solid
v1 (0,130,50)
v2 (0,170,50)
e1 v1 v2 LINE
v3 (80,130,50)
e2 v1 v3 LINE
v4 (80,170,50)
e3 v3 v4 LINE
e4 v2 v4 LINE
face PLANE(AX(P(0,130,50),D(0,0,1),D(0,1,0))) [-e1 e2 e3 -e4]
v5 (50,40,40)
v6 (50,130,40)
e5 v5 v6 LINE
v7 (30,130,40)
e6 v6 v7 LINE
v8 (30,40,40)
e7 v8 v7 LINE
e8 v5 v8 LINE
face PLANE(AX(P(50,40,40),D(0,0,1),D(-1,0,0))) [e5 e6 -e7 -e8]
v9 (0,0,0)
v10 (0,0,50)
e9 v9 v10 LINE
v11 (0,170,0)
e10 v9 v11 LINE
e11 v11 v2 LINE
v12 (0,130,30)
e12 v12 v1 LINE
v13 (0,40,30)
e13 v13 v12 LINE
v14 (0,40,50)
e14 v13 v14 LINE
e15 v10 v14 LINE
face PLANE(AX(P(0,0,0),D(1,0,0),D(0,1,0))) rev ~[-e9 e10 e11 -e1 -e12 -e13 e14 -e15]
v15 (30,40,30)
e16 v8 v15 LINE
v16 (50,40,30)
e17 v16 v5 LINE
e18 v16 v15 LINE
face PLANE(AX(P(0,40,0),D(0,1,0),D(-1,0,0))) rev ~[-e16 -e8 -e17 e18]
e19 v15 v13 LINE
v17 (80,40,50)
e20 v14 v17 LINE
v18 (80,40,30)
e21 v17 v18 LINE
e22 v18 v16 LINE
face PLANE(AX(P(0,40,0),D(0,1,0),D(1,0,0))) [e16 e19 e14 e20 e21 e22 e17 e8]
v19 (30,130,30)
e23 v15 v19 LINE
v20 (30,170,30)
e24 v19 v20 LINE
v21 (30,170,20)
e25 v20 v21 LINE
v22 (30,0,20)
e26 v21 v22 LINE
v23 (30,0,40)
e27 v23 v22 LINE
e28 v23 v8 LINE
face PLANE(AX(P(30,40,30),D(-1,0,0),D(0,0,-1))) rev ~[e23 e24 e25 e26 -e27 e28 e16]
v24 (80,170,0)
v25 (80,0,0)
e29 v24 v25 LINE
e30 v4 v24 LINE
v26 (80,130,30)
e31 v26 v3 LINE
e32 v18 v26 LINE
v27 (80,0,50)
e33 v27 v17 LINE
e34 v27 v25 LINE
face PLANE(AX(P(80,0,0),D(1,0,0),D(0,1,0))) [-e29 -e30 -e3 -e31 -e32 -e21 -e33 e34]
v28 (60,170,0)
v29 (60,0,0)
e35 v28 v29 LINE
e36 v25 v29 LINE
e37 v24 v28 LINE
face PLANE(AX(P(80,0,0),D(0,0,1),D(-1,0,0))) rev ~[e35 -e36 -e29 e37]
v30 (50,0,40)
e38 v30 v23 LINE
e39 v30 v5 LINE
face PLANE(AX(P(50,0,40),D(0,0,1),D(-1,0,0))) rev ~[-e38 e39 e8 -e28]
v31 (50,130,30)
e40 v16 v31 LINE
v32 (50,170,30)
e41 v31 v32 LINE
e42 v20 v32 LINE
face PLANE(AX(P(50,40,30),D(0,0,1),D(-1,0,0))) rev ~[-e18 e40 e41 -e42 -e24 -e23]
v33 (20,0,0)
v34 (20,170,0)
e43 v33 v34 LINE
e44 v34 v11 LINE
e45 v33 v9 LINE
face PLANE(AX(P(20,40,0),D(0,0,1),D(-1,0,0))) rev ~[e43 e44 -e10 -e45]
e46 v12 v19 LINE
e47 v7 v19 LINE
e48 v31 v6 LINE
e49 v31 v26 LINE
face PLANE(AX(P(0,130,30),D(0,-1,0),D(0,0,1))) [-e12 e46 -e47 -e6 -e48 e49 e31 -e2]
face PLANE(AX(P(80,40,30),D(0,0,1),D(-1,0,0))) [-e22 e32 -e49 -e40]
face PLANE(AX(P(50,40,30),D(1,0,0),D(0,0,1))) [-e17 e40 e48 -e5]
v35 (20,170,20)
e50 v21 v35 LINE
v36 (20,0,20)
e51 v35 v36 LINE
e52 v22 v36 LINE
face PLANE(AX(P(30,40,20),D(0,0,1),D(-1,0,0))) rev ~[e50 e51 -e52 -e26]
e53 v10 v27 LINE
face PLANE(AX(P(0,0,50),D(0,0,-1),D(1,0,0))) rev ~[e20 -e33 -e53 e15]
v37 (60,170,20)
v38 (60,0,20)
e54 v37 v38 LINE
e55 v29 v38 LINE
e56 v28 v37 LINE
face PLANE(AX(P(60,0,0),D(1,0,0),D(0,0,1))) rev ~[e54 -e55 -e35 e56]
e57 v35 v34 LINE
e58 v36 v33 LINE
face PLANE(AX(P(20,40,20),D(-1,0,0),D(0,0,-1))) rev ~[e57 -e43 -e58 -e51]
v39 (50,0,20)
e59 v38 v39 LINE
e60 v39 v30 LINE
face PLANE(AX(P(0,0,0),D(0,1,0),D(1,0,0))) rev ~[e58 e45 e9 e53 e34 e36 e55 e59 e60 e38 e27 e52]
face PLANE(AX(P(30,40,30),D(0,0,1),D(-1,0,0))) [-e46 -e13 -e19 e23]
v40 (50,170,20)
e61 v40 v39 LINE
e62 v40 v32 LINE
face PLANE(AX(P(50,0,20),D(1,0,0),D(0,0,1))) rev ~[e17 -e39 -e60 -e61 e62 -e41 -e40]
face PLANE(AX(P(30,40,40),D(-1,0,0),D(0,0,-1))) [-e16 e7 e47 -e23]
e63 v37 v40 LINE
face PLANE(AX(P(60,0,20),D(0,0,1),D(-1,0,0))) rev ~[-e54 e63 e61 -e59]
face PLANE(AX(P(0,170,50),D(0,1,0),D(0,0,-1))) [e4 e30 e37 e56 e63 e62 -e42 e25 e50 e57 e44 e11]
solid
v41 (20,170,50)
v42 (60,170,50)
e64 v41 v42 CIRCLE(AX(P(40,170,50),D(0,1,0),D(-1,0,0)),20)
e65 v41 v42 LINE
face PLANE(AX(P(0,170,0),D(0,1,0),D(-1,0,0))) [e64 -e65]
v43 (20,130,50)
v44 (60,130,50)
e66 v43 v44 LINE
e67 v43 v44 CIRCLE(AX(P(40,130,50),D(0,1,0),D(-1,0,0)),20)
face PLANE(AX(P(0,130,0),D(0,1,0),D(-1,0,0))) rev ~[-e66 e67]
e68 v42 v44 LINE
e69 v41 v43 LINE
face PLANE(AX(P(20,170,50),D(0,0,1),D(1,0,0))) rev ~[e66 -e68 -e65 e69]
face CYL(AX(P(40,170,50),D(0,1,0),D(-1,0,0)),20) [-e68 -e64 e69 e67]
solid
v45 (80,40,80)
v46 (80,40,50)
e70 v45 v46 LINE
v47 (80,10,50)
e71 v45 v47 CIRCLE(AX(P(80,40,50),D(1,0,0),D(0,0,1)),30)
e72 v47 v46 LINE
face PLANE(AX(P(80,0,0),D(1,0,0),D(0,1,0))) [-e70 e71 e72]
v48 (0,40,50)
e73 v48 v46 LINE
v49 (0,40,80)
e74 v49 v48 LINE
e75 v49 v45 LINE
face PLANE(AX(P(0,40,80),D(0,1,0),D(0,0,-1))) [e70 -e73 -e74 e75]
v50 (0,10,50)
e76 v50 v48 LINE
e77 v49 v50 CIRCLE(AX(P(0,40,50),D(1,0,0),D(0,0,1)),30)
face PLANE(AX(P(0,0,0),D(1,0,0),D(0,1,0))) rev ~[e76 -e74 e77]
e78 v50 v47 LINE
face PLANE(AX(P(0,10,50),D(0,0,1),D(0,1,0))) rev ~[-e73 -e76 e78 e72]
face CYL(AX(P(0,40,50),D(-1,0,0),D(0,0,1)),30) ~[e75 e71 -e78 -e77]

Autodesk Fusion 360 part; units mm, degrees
sketch "Sketch1" plane through (0, 0, 0) normal (0, 1, 0) x (1, 0, 0)
  line L0 (0, 0) -> (0, -50)
  line L1 (0, -50) -> (80, -50)
  line L2 (80, -50) -> (80, 0)
  line L3 (80, 0) -> (60, 0)
  line L4 (60, 0) -> (60, -20)
  line L5 (60, -20) -> (50, -20)
  line L6 (50, -20) -> (50, -40)
  line L7 (50, -40) -> (30, -40)
  line L8 (30, -40) -> (30, -20)
  line L9 (30, -20) -> (20, -20)
  line L10 (20, -20) -> (20, 0)
  line L11 (20, 0) -> (0, 0)
  dimension "d1" = 50
sketch "Sketch2" plane through (0, 0, 0) normal (0, 0, 1) x (1, 0, 0)
  line L0 (0, 0) -> (0, 170)
  line L1 (0, 170) -> (20, 170)
  line L2 (20, 170) -> (20, 0)
  line L3 (80, 0) -> (80, 170)
  line L4 (80, 170) -> (60, 170)
  line L5 (60, 170) -> (60, 0)
  dimension "d3" = 170
sketch "Sketch3" plane through (0, 0, 0) normal (1, 0, 0) x (0, 1, 0)
  line L0 (0, 50) -> (10, 50)
  arc A0 (40, 80) -> (10, 50) centre (40, 50) ccw
  line L1 (40, 80) -> (40, 30)
  line L2 (40, 30) -> (130, 30)
  line L3 (130, 30) -> (130, 50)
  line L4 (130, 50) -> (170, 50)
  line L5 (170, 50) -> (170, 0)
  line L6 (130, 30) -> (170, 30)
  line L7 (10, 50) -> (40, 50)
extrude "Extrude1" add sketch "Sketch1" along normal blind 40 makes body 1
sketch "Sketch5" plane through (0, 40, 0) normal (0, 1, 0) x (-1, 0, 0)
  line L0 (-20, 0) -> (0, 0)
  line L1 (0, 0) -> (0, 50)
  line L2 (0, 50) -> (-80, 50)
  line L3 (-80, 50) -> (-80, 0)
  line L4 (-80, 0) -> (-60, 0)
  line L5 (-60, 0) -> (-60, 20)
  line L6 (-60, 20) -> (-50, 20)
  line L7 (-50, 20) -> (-50, 40)
  line L8 (-50, 40) -> (-30, 40)
  line L9 (-30, 40) -> (-30, 20)
  line L10 (-30, 20) -> (-20, 20)
  line L11 (-20, 20) -> (-20, 0)
  line L12 (-80, 0) -> (-80, 30)
  line L13 (-80, 30) -> (-50, 30)
  line L14 (-50, 20) -> (-60, 20)
  line L15 (-60, 0) -> (-80, 0)
  line L16 (-20, 0) -> (-20, 20)
  line L17 (-30, 20) -> (-30, 30)
  line L18 (0, 30) -> (0, 0)
  line L19 (-30, 30) -> (0, 30)
  line L20 (0, 0) -> (-20, 0)
  line L21 (-50, 30) -> (-50, 40)
  line L22 (-30, 40) -> (-30, 30)
  line L23 (-50, 30) -> (-30, 30)
extrude "Extrude2" add sketch "Sketch5" along normal blind 130 contours L3 L4 L5 L6 L7 L12 L13 L14 L15 bodies 1
extrude "Extrude3" add sketch "Sketch5" along normal blind 130 contours L0 L1 L9 L10 L11 L16 L17 L18 L19 L20 bodies 1
extrude "Extrude4" add sketch "Sketch5" along normal blind 90 separate body contours L7 L8 L9 L21 L22 L23 makes body 2
extrude "Extrude5" add sketch "Sketch3" along normal blind 80 contours L3 L4 L5 L6 bodies 1 2
extrude "Extrude6" add sketch "Sketch3" along normal blind 80 separate body contours A0 L1 L7 makes body 3
sketch "Sketch6" plane through (0, 170, 0) normal (0, 1, 0) x (-1, 0, 0)
  line L0 (-30, 20) -> (-20, 20)
  line L1 (-20, 20) -> (-20, 0)
  line L2 (-20, 0) -> (0, 0)
  line L3 (0, 0) -> (0, 50)
  line L4 (0, 50) -> (-80, 50)
  line L5 (-80, 50) -> (-80, 0)
  line L6 (-80, 0) -> (-60, 0)
  line L7 (-60, 0) -> (-60, 20)
  line L8 (-60, 20) -> (-50, 20)
  line L9 (-50, 20) -> (-50, 30)
  line L10 (-50, 30) -> (-30, 30)
  line L11 (-30, 30) -> (-30, 20)
  arc A0 (-20, 50) -> (-60, 50) centre (-40, 50) ccw
  line L12 (-60, 50) -> (-20, 50)
extrude "Extrude7" add sketch "Sketch6" against normal blind 40 separate body contours L4 A0 L12 makes body 4
